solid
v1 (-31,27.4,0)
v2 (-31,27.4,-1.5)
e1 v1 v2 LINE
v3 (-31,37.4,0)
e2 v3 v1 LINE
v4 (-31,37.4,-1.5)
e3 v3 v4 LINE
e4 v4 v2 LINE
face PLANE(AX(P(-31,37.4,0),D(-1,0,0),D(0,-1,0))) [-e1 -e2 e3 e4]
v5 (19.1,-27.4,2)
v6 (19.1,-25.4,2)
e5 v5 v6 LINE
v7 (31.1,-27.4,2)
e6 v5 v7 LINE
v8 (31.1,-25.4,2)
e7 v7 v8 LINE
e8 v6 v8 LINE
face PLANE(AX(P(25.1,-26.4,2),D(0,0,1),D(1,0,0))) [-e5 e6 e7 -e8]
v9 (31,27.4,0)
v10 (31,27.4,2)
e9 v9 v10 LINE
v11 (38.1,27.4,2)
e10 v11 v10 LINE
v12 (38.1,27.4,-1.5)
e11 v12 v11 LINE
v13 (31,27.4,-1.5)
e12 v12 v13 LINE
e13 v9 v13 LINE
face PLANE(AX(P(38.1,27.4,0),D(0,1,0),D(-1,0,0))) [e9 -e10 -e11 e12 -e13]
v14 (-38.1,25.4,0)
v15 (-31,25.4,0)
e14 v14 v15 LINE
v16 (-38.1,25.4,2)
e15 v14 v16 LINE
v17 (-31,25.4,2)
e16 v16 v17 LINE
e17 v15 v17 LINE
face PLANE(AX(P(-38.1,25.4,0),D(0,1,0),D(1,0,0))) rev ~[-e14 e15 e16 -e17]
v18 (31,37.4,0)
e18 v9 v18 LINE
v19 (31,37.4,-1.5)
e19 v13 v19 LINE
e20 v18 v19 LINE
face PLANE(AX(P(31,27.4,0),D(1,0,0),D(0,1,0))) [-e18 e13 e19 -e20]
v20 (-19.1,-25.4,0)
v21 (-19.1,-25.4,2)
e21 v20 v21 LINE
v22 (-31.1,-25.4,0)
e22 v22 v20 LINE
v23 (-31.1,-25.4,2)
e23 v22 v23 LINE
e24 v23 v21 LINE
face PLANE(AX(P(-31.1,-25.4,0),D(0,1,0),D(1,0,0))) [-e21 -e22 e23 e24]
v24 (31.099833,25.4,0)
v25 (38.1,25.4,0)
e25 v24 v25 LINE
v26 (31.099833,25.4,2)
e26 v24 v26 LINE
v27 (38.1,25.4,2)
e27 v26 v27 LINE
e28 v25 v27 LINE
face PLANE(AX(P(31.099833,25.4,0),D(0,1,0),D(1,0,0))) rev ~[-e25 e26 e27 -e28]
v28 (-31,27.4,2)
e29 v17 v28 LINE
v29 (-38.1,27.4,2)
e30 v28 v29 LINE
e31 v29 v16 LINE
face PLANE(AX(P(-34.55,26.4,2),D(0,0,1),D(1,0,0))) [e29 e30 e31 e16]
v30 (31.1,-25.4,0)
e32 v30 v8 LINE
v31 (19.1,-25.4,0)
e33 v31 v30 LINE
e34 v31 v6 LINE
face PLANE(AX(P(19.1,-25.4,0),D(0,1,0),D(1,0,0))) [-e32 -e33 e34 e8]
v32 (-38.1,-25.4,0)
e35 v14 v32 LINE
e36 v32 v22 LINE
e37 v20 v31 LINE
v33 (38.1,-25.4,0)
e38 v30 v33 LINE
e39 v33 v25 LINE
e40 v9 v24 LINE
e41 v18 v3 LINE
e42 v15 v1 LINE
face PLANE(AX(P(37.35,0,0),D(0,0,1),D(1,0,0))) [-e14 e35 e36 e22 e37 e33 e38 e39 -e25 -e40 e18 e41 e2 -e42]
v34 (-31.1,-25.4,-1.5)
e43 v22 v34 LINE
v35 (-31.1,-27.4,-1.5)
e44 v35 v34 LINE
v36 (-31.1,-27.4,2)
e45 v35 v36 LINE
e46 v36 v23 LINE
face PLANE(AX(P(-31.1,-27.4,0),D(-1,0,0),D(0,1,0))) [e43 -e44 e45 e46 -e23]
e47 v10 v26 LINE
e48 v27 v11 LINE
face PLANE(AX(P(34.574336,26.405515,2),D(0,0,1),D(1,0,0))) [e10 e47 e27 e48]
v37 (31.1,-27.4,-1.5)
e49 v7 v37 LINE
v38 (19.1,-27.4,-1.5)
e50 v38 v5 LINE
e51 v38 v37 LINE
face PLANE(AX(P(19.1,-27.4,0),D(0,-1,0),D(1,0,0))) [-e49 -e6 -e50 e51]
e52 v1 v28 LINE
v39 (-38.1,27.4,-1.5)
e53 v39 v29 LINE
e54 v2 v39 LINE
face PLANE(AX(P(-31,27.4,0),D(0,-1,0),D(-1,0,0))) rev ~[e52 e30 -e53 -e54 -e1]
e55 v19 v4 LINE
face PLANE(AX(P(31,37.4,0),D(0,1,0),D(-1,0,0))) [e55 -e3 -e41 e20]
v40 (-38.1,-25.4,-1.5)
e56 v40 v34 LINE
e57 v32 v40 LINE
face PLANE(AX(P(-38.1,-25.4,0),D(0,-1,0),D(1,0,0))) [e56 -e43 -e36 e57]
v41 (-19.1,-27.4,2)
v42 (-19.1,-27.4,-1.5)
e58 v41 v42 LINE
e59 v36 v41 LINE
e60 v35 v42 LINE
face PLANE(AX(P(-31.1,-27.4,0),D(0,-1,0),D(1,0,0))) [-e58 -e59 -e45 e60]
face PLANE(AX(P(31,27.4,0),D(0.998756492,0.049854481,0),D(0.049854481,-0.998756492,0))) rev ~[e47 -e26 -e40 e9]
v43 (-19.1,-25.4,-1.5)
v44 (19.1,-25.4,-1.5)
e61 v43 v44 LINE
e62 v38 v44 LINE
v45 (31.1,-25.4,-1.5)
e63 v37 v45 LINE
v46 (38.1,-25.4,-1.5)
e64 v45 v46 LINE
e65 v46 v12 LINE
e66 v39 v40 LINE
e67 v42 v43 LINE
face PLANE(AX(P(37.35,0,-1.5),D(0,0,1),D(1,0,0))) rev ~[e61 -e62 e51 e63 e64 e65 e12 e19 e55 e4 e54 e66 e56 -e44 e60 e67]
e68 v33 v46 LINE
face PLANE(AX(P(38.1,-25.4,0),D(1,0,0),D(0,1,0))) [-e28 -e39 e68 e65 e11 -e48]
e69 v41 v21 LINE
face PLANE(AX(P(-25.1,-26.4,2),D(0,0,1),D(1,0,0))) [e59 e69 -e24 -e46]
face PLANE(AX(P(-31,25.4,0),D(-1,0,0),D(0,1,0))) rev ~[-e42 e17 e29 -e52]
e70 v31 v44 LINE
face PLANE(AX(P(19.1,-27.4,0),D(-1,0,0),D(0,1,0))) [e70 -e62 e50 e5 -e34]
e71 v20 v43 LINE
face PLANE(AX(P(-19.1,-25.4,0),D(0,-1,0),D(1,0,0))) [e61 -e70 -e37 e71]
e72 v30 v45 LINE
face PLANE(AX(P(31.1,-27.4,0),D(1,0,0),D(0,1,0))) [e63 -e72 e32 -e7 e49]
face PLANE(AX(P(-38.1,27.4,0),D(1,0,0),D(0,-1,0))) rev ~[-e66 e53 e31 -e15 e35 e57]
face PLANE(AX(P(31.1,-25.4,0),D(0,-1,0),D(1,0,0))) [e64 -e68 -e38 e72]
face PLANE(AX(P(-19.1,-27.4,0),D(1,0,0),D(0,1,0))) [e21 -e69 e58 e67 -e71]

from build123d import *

# Parameters (mm, degrees)
F0_W     = 1.5
F0_H     = 50.8
F0_W_2   = 12
F0_H_2   = 2
F1_DEPTH = 1.5
F2_DEPTH = 2


with BuildPart() as f1:
    # F0 (on Top) → F1 (new body)
    with BuildSketch(Plane.XY):
        with Locations((37.35, 0)):
            Rectangle(F0_W, F0_H)
        Polygon((31.1, -25.4), (36.6, -25.4), (36.6, 25.4), (31.0998331056, 25.4), (31, 25.4), (0, 25.4), (-31, 25.4), (-36.6, 25.4), (-36.6, -25.4), (-31.1, -25.4), (-19.1, -25.4), (19.1, -25.4), align=None)
        Polygon((36.6, 25.4), (38.1, 25.4), (38.1, 27.4), (31, 27.4), (31.0998331056, 25.4), align=None)
        with Locations((25.1, -26.4)):
            Rectangle(F0_W_2, F0_H_2)
        Polygon((31, 25.4), (31.0998331056, 25.4), (31, 27.4), align=None)
        Polygon((31, 25.4), (31, 27.4), (31, 37.4), (0, 37.4), (0, 25.4), align=None)
        with Locations((-25.1, -26.4)):
            Rectangle(F0_W_2, F0_H_2)
        Polygon((-31, 25.4), (0, 25.4), (0, 37.4), (-31, 37.4), (-31, 27.4), align=None)
        with Locations((-37.35, 0)):
            Rectangle(F0_W, F0_H)
        Polygon((-36.6, 25.4), (-31, 25.4), (-31, 27.4), (-38.1, 27.4), (-38.1, 25.4), align=None)
    extrude(amount=-F1_DEPTH)

    # F0 (on Top) → F2 (join)
    with BuildSketch(Plane.XY):
        Polygon((-36.6, 25.4), (-31, 25.4), (-31, 27.4), (-38.1, 27.4), (-38.1, 25.4), align=None)
        Polygon((36.6, 25.4), (38.1, 25.4), (38.1, 27.4), (31, 27.4), (31.0998331056, 25.4), align=None)
        with Locations((25.1, -26.4)):
            Rectangle(F0_W_2, F0_H_2)
        with Locations((-25.1, -26.4)):
            Rectangle(F0_W_2, F0_H_2)
    extrude(amount=F2_DEPTH)


solid = f1.part
